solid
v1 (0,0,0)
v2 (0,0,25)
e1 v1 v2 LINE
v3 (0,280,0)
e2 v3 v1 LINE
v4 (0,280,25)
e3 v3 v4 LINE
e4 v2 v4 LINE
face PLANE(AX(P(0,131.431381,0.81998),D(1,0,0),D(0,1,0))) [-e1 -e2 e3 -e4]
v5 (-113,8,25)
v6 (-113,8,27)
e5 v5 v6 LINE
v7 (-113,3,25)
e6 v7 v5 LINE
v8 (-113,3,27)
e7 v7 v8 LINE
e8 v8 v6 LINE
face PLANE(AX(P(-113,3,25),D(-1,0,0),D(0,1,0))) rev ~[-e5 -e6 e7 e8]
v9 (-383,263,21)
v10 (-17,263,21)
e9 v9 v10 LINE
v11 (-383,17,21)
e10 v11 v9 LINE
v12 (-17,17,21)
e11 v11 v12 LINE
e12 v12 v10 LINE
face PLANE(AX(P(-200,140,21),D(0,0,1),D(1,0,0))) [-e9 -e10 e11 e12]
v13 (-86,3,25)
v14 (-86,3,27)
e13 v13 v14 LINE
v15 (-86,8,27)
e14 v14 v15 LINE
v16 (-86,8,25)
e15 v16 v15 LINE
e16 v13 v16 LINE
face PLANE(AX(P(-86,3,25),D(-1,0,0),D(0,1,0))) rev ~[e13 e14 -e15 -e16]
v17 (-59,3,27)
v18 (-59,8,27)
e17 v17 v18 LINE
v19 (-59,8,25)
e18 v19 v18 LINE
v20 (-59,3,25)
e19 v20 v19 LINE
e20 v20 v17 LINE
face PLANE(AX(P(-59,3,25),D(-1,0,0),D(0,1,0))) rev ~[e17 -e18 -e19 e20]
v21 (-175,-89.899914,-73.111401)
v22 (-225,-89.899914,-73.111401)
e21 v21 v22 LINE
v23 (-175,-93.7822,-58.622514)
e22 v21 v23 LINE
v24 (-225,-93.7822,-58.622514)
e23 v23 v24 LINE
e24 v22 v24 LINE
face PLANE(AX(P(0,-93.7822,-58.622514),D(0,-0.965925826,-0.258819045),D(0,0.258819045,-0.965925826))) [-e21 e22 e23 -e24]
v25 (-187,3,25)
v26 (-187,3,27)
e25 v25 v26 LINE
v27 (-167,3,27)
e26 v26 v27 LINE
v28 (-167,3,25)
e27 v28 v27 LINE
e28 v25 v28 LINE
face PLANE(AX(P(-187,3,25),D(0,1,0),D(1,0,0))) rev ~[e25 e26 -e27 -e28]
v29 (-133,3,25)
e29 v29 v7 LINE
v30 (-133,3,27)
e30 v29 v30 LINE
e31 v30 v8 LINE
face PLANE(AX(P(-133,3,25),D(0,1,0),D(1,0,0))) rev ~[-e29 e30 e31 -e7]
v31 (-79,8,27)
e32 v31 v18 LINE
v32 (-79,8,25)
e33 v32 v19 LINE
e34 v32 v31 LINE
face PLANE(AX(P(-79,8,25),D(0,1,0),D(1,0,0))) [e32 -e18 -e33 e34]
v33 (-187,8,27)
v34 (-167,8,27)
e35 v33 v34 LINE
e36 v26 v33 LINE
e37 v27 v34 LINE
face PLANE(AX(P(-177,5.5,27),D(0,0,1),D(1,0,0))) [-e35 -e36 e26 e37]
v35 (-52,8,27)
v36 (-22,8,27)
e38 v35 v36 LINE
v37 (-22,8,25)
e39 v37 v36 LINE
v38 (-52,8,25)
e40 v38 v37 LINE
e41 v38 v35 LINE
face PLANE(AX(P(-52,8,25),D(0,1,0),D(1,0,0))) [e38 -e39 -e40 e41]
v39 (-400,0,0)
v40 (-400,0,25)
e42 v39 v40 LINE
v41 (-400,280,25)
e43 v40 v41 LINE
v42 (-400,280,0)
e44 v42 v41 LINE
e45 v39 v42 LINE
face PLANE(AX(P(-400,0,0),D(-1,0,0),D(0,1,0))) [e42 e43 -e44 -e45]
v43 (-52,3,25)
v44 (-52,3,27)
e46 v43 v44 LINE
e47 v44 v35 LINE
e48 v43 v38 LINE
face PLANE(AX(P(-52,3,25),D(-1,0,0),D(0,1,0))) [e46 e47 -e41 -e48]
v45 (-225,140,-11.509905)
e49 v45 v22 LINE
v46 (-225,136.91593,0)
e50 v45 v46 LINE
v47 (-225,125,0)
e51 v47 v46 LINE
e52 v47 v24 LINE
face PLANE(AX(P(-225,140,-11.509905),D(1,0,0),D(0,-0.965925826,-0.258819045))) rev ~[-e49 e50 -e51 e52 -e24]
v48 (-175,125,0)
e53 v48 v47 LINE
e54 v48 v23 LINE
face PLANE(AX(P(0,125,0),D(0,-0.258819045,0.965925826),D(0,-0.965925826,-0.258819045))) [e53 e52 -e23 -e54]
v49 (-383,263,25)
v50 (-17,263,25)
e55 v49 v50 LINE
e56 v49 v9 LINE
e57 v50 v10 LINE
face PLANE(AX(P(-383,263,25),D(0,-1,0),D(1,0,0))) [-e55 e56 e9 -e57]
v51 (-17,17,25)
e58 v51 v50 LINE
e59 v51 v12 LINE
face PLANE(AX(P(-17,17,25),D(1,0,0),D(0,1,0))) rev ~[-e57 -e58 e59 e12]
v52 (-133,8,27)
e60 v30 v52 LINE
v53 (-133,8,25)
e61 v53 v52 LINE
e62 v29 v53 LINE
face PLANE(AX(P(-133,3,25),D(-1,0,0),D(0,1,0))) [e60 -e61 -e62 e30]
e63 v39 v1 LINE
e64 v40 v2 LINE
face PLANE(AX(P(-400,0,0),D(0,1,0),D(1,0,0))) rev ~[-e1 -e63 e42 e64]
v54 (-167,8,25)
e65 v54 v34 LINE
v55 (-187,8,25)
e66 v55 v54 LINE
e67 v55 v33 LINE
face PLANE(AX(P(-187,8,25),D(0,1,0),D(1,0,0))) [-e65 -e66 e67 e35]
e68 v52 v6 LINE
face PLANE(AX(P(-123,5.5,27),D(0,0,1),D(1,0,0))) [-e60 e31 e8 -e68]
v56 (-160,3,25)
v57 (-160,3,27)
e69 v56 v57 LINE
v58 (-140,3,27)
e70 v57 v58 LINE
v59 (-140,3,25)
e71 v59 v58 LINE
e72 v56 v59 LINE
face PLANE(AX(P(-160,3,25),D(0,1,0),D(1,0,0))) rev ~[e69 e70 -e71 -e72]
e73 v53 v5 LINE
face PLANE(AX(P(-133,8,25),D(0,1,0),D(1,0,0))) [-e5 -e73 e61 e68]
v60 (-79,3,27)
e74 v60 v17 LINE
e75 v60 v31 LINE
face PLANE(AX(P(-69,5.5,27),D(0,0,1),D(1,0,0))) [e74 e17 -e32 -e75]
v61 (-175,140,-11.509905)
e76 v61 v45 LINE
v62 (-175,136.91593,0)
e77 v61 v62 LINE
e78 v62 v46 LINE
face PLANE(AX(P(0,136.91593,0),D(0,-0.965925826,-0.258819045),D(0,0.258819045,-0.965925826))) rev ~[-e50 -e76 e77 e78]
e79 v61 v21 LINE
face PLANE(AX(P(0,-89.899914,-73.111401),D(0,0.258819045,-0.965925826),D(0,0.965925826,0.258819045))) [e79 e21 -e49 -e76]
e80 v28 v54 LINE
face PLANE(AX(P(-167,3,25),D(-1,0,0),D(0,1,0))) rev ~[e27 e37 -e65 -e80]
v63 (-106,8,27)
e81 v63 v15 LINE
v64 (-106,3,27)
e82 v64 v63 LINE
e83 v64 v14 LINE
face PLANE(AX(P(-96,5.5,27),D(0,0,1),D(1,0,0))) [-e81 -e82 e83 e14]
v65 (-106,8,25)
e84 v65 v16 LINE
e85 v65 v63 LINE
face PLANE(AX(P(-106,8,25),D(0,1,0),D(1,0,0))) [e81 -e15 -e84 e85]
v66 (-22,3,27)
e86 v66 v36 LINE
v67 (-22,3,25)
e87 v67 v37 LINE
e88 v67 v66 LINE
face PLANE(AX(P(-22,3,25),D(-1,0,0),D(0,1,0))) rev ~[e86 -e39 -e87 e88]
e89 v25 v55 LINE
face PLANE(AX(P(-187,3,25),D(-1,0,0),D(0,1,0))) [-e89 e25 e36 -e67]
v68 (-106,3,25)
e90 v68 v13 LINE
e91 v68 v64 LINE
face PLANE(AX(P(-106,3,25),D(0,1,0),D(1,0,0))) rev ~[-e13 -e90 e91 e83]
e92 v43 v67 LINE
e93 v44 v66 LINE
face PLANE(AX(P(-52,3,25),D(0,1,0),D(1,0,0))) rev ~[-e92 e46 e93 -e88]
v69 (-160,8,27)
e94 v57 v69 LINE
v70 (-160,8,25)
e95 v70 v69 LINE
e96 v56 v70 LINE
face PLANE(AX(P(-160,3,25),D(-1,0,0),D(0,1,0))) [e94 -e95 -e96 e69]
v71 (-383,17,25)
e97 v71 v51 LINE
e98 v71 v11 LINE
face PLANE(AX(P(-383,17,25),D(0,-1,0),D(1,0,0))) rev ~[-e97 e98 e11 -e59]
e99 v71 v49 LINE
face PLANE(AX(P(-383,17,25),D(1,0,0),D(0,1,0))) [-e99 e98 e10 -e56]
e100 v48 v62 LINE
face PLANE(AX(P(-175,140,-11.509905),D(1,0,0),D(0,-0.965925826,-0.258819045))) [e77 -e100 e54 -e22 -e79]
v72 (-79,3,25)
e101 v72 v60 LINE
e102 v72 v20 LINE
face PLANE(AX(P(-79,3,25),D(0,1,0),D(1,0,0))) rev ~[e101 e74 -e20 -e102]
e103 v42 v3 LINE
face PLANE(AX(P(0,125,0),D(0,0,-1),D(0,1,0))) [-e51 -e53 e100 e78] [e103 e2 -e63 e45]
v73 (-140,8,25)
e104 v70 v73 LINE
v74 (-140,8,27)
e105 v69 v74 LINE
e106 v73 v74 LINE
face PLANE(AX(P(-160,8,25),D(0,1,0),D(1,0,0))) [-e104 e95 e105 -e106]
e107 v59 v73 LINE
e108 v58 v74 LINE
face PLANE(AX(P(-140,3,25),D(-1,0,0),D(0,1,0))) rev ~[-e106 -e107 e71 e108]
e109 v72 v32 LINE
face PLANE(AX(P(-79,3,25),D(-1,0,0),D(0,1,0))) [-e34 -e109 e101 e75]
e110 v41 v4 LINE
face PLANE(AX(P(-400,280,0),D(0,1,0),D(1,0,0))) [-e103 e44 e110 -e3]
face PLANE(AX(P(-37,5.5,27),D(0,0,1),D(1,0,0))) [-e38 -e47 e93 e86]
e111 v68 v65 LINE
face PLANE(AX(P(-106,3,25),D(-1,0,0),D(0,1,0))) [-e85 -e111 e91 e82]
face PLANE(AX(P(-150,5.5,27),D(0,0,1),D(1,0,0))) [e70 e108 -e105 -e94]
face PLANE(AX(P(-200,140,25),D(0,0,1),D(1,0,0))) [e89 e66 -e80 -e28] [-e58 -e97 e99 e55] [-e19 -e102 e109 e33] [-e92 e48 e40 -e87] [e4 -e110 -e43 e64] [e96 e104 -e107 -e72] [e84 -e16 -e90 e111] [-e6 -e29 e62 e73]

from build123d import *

# Parameters (mm, degrees)
F0_W      = 400
F0_H      = 280
F1_DEPTH  = 25
F2_W      = 366
F2_H      = 246
F3_DEPTH  = 4
F4_W      = 30
F4_H      = 5
F4_W_2    = 20
F5_DEPTH  = 2
F7_DEPTH  = 300
F8_W      = 75
F8_H      = 238.0099048197
F8_W_2    = 175
F9_DEPTH  = 15
F11_DEPTH = 300
F13_DEPTH = 300


with BuildPart() as f1:
    # F0 (on Top) → F1 (new body)
    with BuildSketch(Plane.XY):
        with Locations((-200, 140)):
            Rectangle(F0_W, F0_H)
    extrude(amount=F1_DEPTH)

    # F2 (on face) → F3 (cut)
    with BuildSketch(Plane.XY.offset(25)):
        with Locations((-200, 140)):
            Rectangle(F2_W, F2_H)
    extrude(amount=-F3_DEPTH, mode=Mode.SUBTRACT)

    # F4 (on face) → F5 (join)
    with BuildSketch(Plane.XY.offset(25)):
        with Locations((-37, 5.5)):
            Rectangle(F4_W, F4_H)
        with Locations((-177, 5.5)):
            Rectangle(F4_W_2, F4_H)
        with Locations((-150, 5.5)):
            Rectangle(F4_W_2, F4_H)
        with Locations((-123, 5.5)):
            Rectangle(F4_W_2, F4_H)
        with Locations((-96, 5.5)):
            Rectangle(F4_W_2, F4_H)
        with Locations((-69, 5.5)):
            Rectangle(F4_W_2, F4_H)
    extrude(amount=F5_DEPTH)

    # F6 (on face) → F7 (join)
    with BuildSketch(Plane.YZ):
        Polygon((140, 0), (125, 0), (-93.7821996545, -58.6225137157), (-89.8999139779, -73.1114011101), (140, -11.5099048197), align=None)
    extrude(amount=-F7_DEPTH)

    # F8 (on face) → F9 (cut)
    with BuildSketch(Plane(origin=(0, 12.25569794, -45.7388873943), x_dir=(1, 0, 0), z_dir=(0, 0.2588190451, -0.9659258263))):
        with Locations((-262.5, -13.245680696)):
            Rectangle(F8_W, F8_H)
        with Locations((-87.5, -13.245680696)):
            Rectangle(F8_W_2, F8_H)
    extrude(amount=-F9_DEPTH, mode=Mode.SUBTRACT)

    # F10 (on face) → F11 (cut)
    with BuildSketch(Plane.YZ):
        Polygon((136.9159302986, 0), (140, -11.5099048197), (140, 0), align=None)
    extrude(amount=-F11_DEPTH, mode=Mode.SUBTRACT)

    # F12 (on face) → F13 (join)
    with BuildSketch(Plane.YZ):
        Polygon((136.1177143235, 2.9789825747), (125, 0), (136.9159302986, 0), align=None)
    extrude(amount=-F13_DEPTH)


solid = f1.part
